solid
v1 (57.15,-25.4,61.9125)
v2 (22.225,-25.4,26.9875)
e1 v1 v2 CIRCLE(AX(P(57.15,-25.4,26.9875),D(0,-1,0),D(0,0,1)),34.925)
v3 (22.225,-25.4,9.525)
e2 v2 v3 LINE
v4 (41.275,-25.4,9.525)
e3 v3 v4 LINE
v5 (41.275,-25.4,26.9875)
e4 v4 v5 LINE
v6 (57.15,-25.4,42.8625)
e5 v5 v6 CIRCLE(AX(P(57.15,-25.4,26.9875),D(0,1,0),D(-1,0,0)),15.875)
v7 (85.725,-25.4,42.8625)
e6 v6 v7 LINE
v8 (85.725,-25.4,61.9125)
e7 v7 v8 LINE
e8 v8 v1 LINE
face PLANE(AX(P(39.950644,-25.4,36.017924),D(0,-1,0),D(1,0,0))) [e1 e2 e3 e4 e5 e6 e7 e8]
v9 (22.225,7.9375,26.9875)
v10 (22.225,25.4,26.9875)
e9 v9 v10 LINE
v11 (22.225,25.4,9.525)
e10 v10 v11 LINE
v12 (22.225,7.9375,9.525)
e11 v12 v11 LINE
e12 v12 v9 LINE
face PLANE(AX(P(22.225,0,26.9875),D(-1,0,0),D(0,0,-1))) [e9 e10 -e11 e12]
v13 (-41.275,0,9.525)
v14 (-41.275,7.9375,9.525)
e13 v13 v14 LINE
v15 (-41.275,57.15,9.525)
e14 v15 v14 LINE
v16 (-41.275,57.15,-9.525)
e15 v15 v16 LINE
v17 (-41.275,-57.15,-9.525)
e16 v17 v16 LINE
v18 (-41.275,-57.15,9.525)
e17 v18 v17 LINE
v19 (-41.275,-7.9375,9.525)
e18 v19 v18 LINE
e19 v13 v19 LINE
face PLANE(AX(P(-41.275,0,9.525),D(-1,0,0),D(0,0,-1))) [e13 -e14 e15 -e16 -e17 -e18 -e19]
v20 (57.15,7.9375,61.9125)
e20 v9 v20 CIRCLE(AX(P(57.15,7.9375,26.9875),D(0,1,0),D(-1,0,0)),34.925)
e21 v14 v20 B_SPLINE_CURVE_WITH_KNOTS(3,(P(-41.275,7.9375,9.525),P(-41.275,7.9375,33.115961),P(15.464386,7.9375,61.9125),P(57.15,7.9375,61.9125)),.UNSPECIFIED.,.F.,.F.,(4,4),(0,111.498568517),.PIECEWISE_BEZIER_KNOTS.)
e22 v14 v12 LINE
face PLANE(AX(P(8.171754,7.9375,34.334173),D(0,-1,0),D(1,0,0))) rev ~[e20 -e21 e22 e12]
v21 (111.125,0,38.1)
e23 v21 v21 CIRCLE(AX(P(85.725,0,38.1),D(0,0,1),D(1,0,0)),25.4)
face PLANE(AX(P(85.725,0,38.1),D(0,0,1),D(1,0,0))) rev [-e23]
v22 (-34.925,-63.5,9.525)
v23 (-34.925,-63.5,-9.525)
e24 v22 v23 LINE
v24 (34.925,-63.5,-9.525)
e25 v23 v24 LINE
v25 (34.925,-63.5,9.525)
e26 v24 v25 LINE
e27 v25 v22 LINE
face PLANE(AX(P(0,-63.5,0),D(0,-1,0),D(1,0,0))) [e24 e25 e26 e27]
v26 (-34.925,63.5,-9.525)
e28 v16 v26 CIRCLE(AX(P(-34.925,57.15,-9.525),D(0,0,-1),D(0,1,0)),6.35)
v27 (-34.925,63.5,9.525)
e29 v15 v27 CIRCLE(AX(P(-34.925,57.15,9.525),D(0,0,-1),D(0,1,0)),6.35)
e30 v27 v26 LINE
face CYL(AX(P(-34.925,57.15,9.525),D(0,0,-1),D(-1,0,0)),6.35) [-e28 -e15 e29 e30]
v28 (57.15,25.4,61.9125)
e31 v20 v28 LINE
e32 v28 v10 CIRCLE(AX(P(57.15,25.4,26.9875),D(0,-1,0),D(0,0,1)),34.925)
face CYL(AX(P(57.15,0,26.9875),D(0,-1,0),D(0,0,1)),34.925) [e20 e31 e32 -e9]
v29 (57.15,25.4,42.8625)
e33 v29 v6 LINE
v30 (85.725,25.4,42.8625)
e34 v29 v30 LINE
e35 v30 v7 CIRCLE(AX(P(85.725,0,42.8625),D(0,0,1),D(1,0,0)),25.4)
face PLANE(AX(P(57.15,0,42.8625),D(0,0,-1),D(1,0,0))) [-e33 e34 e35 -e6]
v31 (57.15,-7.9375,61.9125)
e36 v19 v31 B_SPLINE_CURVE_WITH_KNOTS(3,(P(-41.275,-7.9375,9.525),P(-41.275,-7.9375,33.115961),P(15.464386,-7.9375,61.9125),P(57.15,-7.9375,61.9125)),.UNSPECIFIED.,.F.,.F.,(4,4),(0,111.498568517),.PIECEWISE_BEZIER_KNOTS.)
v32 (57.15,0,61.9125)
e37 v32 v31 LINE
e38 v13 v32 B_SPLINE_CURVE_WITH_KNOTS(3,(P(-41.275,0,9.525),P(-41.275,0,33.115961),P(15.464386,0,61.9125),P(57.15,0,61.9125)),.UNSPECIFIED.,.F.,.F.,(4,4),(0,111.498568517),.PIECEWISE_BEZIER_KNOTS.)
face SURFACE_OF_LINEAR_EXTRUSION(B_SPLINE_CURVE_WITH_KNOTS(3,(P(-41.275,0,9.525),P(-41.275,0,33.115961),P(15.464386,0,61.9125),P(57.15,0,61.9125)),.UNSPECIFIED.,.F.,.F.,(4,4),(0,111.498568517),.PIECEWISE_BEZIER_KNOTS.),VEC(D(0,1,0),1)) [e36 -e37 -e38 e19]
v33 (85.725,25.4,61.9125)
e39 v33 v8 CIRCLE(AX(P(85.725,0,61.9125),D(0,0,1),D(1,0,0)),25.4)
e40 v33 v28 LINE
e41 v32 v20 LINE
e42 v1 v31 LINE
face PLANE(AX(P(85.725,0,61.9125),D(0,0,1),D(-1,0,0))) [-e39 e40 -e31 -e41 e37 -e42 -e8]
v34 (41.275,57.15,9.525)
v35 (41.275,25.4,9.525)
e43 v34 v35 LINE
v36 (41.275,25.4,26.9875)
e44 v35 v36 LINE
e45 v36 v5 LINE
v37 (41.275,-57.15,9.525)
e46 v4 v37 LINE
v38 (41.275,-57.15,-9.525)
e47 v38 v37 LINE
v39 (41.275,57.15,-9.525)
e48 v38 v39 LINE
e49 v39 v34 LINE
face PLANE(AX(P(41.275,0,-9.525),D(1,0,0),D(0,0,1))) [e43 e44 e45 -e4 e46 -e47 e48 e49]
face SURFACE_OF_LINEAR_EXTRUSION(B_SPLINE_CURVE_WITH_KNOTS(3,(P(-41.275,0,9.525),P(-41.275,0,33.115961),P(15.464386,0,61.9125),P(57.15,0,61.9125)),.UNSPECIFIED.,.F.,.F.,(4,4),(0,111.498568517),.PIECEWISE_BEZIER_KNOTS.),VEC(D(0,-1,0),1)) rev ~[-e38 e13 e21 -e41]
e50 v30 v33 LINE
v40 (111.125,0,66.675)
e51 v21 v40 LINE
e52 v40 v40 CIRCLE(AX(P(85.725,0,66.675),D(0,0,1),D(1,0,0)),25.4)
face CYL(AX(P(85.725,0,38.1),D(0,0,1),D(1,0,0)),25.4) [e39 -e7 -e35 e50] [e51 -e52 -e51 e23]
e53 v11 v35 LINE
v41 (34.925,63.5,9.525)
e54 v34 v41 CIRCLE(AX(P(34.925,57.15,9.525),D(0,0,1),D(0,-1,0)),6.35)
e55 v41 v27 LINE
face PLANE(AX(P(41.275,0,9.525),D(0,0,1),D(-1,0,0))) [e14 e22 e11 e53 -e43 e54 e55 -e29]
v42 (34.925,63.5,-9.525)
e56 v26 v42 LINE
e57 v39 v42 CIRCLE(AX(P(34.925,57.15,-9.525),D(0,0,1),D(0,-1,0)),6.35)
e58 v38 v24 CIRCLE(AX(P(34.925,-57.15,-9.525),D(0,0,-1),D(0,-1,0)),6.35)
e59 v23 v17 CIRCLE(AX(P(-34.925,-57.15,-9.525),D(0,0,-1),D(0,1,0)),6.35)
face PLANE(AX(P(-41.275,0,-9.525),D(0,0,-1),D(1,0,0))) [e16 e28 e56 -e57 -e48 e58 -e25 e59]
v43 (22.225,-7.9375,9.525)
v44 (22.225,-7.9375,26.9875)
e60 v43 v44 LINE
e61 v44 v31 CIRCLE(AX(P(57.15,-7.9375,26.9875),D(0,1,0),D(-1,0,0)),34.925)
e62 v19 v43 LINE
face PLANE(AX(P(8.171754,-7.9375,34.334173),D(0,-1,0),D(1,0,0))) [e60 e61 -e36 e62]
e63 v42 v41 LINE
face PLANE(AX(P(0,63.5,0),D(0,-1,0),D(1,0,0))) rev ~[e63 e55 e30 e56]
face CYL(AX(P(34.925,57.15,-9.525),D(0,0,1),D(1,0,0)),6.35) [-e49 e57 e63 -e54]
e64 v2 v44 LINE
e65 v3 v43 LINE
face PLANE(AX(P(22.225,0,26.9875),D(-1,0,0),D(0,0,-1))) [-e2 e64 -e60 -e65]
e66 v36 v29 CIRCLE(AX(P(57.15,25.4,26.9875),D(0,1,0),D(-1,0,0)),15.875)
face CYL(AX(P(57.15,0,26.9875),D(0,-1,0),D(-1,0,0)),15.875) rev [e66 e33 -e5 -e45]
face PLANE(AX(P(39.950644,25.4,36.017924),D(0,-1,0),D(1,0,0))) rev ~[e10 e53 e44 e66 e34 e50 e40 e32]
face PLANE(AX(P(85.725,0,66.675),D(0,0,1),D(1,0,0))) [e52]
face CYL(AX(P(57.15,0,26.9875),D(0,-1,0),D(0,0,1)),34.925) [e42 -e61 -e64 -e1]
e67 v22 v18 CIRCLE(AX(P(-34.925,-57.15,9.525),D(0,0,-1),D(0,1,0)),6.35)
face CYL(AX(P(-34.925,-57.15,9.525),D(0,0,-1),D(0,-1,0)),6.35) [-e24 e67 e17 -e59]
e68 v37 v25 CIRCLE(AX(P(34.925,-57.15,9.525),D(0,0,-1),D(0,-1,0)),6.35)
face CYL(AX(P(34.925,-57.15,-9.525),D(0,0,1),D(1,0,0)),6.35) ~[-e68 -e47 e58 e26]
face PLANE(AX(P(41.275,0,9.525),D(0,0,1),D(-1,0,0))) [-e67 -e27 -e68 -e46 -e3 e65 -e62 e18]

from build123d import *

# Parameters (mm, degrees)
F1_DEPTH = 63.5
F0_W     = 25.4
F0_H     = 19.05
F2_DEPTH = 25.4
F4_DEPTH = 7.9375
F5_R     = 6.35


with BuildPart() as f1:
    # F0 (on Front) → F1 (new body, symmetric)
    with BuildSketch(Plane.XZ):
        Polygon((41.275, -9.525), (41.275, 9.525), (22.225, 9.525), (-41.275, 9.525), (-41.275, -9.525), align=None)
    extrude(amount=F1_DEPTH, both=True)

    # F0 (on Front) → F2 (join, symmetric)
    with BuildSketch(Plane.XZ):
        with BuildLine():
            Line((22.225, 9.525), (41.275, 9.525))
            Line((41.275, 9.525), (41.275, 26.9875))
            ThreePointArc((41.275, 26.9875), (45.9246798487, 38.2128201513), (57.15, 42.8625))
            Line((57.15, 42.8625), (60.325, 42.8625))
            Line((60.325, 42.8625), (60.325, 61.9125))
            Line((60.325, 61.9125), (57.15, 61.9125))
            ThreePointArc((57.15, 61.9125), (32.4542956671, 51.6832043329), (22.225, 26.9875))
            Line((22.225, 26.9875), (22.225, 9.525))
        make_face()
        with Locations((73.025, 52.3875)):
            Rectangle(F0_W, F0_H)
    extrude(amount=F2_DEPTH, both=True)

    # F0 (on Front) → F3 (revolve)
    with BuildSketch(Plane.XZ):
        Polygon((85.725, 61.9125), (85.725, 42.8625), (85.725, 38.1), (111.125, 38.1), (111.125, 66.675), (85.725, 66.675), align=None)
    revolve(axis=Axis((85.725, 0, 52.3875), (0, 0, 1)))

    # F0 (on Front) → F4 (join, symmetric)
    with BuildSketch(Plane.XZ):
        with BuildLine():
            Line((-41.275, 9.525), (22.225, 9.525))
            Line((22.225, 9.525), (22.225, 26.9875))
            ThreePointArc((22.225, 26.9875), (32.4542956671, 51.6832043329), (57.15, 61.9125))
            add(Edge.make_bspline(
                [(-41.275, 9.525), (-41.275, 33.1159606576), (15.4643859714, 61.9125), (57.15, 61.9125)],
                knots=[0, 0, 0, 0, 111.4985685166, 111.4985685166, 111.4985685166, 111.4985685166], degree=3))
        make_face()
    extrude(amount=F4_DEPTH, both=True)

    # F5
    f5_edges = [f1.edges().sort_by_distance(p)[0] for p in [
        (-41.275, -63.5, 0),
        (41.275, -63.5, 0),
        (-41.275, 63.5, 0),
        (41.275, 63.5, 0),
    ]]
    fillet(f5_edges, radius=F5_R)


solid = f1.part
